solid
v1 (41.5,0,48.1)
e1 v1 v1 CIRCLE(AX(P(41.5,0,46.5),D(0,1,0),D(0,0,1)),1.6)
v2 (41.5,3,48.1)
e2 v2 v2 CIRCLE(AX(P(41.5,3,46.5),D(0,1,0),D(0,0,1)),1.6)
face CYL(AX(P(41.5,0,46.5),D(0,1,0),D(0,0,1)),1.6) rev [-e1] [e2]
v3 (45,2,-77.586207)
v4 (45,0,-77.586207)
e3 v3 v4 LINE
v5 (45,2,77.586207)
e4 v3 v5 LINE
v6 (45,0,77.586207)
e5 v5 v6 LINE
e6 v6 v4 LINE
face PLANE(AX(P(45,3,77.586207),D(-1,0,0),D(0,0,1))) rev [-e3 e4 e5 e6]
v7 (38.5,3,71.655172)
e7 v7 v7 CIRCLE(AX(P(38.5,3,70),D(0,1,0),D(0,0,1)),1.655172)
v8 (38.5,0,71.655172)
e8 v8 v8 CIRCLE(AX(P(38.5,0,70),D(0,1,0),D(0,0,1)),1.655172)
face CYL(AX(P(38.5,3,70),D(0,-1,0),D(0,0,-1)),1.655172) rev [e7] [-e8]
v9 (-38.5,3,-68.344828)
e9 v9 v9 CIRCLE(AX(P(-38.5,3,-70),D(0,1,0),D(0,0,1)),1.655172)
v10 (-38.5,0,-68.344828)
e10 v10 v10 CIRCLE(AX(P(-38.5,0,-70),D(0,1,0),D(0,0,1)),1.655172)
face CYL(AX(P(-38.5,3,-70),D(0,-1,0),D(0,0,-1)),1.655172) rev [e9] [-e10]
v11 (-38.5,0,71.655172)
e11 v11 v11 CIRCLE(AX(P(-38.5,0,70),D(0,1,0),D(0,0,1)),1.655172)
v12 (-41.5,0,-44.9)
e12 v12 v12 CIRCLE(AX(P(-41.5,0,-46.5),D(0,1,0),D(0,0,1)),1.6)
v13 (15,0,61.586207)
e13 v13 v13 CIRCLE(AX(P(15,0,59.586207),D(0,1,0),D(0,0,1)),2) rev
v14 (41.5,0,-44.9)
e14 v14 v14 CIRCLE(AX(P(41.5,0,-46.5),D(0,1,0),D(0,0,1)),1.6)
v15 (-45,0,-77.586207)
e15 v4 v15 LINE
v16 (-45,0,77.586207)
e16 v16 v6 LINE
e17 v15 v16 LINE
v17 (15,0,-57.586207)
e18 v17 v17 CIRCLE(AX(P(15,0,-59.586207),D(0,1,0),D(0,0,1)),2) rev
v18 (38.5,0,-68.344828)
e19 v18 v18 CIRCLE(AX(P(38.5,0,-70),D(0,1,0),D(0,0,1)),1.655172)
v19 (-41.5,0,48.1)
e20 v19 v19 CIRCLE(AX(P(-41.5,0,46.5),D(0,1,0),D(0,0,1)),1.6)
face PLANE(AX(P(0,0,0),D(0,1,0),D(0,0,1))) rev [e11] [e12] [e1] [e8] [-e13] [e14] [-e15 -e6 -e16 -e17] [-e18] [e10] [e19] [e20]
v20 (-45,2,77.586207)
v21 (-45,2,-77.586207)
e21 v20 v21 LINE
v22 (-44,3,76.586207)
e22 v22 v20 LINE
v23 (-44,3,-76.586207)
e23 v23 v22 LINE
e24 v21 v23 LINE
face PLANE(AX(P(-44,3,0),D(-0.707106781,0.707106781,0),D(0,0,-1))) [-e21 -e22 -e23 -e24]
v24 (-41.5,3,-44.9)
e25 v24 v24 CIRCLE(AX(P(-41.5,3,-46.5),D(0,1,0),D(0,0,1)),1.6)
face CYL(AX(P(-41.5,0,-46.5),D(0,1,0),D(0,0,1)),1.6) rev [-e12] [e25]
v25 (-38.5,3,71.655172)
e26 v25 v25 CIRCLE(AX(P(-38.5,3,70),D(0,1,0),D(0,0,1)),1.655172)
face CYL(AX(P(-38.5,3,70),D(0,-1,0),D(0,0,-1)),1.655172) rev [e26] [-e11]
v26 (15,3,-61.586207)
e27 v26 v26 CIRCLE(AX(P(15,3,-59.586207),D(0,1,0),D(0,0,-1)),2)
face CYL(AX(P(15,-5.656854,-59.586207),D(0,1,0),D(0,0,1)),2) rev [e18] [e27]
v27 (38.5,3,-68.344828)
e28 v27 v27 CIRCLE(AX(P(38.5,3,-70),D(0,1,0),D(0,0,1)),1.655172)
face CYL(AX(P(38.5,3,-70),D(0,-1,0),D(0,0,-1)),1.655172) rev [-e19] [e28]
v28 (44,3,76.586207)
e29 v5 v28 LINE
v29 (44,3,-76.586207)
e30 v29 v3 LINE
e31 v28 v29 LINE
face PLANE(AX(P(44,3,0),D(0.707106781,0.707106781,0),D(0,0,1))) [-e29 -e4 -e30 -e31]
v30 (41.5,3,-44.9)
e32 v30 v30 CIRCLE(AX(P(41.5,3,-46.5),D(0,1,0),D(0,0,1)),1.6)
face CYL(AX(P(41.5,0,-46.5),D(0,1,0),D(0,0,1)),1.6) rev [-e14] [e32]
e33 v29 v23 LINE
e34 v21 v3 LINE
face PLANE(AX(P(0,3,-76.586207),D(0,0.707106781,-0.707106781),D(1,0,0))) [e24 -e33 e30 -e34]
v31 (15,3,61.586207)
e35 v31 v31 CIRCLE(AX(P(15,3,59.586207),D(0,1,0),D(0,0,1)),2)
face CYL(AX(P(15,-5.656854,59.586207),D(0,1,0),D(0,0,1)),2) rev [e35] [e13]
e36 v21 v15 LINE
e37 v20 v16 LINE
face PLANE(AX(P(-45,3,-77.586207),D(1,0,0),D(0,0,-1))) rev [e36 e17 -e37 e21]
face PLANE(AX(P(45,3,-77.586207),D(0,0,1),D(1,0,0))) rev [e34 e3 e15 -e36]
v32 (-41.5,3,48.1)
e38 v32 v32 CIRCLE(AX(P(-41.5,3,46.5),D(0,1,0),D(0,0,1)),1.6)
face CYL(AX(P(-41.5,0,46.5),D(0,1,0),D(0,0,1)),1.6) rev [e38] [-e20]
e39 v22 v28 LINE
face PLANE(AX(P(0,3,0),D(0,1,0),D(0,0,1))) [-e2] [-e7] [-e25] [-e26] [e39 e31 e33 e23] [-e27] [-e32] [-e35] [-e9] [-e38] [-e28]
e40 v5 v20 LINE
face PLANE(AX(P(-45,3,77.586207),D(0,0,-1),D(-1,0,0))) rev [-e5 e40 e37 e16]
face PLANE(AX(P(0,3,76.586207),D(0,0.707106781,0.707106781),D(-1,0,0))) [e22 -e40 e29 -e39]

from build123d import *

# Parameters (mm, degrees)
SKETCH1_W           = 90
SKETCH1_H           = 155.172413794
SKETCH1_R           = 1.655172414
BOSS_EXTRUDE1_DEPTH = 3
CUT_EXTRUDE1_DEPTH  = 90.741960646
CHAMFER1_SIZE       = 1
CHAMFER2_SIZE       = 1
SKETCH6_R           = 2
CUT_EXTRUDE2_DEPTH  = 3


with BuildPart() as part:
    # Sketch1 → Boss-Extrude1 (new body)
    with BuildSketch(Plane(origin=(0, 0, 0), x_dir=(1, 0, 0), z_dir=(0, 1, 0))):
        Rectangle(SKETCH1_W, SKETCH1_H)
        with Locations(Location((38.5, -70, 0), (0, 0, 270))):
            Circle(SKETCH1_R, mode=Mode.SUBTRACT)
        with Locations(Location((-38.5, -70, 0), (0, 0, 270))):
            Circle(SKETCH1_R, mode=Mode.SUBTRACT)
        with Locations(Location((38.5, 70, 0), (0, 0, 270))):
            Circle(SKETCH1_R, mode=Mode.SUBTRACT)
        with Locations(Location((-38.5, 70, 0), (0, 0, 270))):
            Circle(SKETCH1_R, mode=Mode.SUBTRACT)
    extrude(amount=BOSS_EXTRUDE1_DEPTH)

    # Sketch2 → Cut-Extrude1 (cut, through all)
    with BuildSketch(Plane(origin=(0, 3, 0), x_dir=(1, 0, 0), z_dir=(0, 1, 0))):
        with BuildLine():
            ThreePointArc((-39.9, 46.5), (-42.63137085, 47.63137085), (-41.5, 44.9))
            Line((-41.5, 44.9), (-41.5, 46.5))
            Line((-41.5, 46.5), (-39.9, 46.5))
        make_face()
        with BuildLine():
            Line((-41.5, 46.5), (-41.5, 44.9))
            ThreePointArc((-41.5, 44.9), (-40.36862915, 45.36862915), (-39.9, 46.5))
            Line((-39.9, 46.5), (-41.5, 46.5))
        make_face()
        with BuildLine():
            ThreePointArc((39.9, 46.5), (40.36862915, 45.36862915), (41.5, 44.9))
            Line((41.5, 44.9), (41.5, 46.5))
            Line((41.5, 46.5), (39.9, 46.5))
        make_face()
        with BuildLine():
            Line((41.5, 46.5), (41.5, 44.9))
            ThreePointArc((41.5, 44.9), (42.63137085, 45.36862915), (43.1, 46.5))
            ThreePointArc((43.1, 46.5), (41.5, 48.1), (39.9, 46.5))
            Line((39.9, 46.5), (41.5, 46.5))
        make_face()
        with BuildLine():
            ThreePointArc((41.5, -44.9), (40.36862915, -45.36862915), (39.9, -46.5))
            Line((39.9, -46.5), (41.5, -46.5))
            Line((41.5, -46.5), (41.5, -44.9))
        make_face()
        with BuildLine():
            Line((41.5, -46.5), (39.9, -46.5))
            ThreePointArc((39.9, -46.5), (41.5, -48.1), (43.1, -46.5))
            ThreePointArc((43.1, -46.5), (42.63137085, -45.36862915), (41.5, -44.9))
            Line((41.5, -44.9), (41.5, -46.5))
        make_face()
        with BuildLine():
            Line((-41.5, -44.9), (-41.5, -46.5))
            Line((-41.5, -46.5), (-39.9, -46.5))
            ThreePointArc((-39.9, -46.5), (-40.36862915, -45.36862915), (-41.5, -44.9))
        make_face()
        with BuildLine():
            Line((-39.9, -46.5), (-41.5, -46.5))
            Line((-41.5, -46.5), (-41.5, -44.9))
            ThreePointArc((-41.5, -44.9), (-42.63137085, -47.63137085), (-39.9, -46.5))
        make_face()
    extrude(amount=-CUT_EXTRUDE1_DEPTH, mode=Mode.SUBTRACT)

    # Chamfer1
    chamfer1_edges = [part.edges().sort_by_distance(p)[0] for p in [
        (0, 3, 77.586206897),
        (0, 3, -77.586206897),
    ]]
    chamfer(chamfer1_edges, length=CHAMFER1_SIZE)

    # Chamfer2
    chamfer2_edges = [part.edges().sort_by_distance(p)[0] for p in [
        (45, 3, 0),
        (-45, 3, 0),
    ]]
    chamfer(chamfer2_edges, length=CHAMFER2_SIZE)

    # Sketch6 → Cut-Extrude2 (cut)
    with BuildSketch(Plane(origin=(0, 3, 0), x_dir=(1, 0, 0), z_dir=(0, 1, 0))):
        with Locations(Location((15, -59.586206897, 0), (0, 0, 270))):
            Circle(SKETCH6_R)
        with Locations(Location((15, 59.586206897, 0), (0, 0, 270))):
            Circle(SKETCH6_R)
    extrude(amount=-CUT_EXTRUDE2_DEPTH, mode=Mode.SUBTRACT)


solid = part.part
